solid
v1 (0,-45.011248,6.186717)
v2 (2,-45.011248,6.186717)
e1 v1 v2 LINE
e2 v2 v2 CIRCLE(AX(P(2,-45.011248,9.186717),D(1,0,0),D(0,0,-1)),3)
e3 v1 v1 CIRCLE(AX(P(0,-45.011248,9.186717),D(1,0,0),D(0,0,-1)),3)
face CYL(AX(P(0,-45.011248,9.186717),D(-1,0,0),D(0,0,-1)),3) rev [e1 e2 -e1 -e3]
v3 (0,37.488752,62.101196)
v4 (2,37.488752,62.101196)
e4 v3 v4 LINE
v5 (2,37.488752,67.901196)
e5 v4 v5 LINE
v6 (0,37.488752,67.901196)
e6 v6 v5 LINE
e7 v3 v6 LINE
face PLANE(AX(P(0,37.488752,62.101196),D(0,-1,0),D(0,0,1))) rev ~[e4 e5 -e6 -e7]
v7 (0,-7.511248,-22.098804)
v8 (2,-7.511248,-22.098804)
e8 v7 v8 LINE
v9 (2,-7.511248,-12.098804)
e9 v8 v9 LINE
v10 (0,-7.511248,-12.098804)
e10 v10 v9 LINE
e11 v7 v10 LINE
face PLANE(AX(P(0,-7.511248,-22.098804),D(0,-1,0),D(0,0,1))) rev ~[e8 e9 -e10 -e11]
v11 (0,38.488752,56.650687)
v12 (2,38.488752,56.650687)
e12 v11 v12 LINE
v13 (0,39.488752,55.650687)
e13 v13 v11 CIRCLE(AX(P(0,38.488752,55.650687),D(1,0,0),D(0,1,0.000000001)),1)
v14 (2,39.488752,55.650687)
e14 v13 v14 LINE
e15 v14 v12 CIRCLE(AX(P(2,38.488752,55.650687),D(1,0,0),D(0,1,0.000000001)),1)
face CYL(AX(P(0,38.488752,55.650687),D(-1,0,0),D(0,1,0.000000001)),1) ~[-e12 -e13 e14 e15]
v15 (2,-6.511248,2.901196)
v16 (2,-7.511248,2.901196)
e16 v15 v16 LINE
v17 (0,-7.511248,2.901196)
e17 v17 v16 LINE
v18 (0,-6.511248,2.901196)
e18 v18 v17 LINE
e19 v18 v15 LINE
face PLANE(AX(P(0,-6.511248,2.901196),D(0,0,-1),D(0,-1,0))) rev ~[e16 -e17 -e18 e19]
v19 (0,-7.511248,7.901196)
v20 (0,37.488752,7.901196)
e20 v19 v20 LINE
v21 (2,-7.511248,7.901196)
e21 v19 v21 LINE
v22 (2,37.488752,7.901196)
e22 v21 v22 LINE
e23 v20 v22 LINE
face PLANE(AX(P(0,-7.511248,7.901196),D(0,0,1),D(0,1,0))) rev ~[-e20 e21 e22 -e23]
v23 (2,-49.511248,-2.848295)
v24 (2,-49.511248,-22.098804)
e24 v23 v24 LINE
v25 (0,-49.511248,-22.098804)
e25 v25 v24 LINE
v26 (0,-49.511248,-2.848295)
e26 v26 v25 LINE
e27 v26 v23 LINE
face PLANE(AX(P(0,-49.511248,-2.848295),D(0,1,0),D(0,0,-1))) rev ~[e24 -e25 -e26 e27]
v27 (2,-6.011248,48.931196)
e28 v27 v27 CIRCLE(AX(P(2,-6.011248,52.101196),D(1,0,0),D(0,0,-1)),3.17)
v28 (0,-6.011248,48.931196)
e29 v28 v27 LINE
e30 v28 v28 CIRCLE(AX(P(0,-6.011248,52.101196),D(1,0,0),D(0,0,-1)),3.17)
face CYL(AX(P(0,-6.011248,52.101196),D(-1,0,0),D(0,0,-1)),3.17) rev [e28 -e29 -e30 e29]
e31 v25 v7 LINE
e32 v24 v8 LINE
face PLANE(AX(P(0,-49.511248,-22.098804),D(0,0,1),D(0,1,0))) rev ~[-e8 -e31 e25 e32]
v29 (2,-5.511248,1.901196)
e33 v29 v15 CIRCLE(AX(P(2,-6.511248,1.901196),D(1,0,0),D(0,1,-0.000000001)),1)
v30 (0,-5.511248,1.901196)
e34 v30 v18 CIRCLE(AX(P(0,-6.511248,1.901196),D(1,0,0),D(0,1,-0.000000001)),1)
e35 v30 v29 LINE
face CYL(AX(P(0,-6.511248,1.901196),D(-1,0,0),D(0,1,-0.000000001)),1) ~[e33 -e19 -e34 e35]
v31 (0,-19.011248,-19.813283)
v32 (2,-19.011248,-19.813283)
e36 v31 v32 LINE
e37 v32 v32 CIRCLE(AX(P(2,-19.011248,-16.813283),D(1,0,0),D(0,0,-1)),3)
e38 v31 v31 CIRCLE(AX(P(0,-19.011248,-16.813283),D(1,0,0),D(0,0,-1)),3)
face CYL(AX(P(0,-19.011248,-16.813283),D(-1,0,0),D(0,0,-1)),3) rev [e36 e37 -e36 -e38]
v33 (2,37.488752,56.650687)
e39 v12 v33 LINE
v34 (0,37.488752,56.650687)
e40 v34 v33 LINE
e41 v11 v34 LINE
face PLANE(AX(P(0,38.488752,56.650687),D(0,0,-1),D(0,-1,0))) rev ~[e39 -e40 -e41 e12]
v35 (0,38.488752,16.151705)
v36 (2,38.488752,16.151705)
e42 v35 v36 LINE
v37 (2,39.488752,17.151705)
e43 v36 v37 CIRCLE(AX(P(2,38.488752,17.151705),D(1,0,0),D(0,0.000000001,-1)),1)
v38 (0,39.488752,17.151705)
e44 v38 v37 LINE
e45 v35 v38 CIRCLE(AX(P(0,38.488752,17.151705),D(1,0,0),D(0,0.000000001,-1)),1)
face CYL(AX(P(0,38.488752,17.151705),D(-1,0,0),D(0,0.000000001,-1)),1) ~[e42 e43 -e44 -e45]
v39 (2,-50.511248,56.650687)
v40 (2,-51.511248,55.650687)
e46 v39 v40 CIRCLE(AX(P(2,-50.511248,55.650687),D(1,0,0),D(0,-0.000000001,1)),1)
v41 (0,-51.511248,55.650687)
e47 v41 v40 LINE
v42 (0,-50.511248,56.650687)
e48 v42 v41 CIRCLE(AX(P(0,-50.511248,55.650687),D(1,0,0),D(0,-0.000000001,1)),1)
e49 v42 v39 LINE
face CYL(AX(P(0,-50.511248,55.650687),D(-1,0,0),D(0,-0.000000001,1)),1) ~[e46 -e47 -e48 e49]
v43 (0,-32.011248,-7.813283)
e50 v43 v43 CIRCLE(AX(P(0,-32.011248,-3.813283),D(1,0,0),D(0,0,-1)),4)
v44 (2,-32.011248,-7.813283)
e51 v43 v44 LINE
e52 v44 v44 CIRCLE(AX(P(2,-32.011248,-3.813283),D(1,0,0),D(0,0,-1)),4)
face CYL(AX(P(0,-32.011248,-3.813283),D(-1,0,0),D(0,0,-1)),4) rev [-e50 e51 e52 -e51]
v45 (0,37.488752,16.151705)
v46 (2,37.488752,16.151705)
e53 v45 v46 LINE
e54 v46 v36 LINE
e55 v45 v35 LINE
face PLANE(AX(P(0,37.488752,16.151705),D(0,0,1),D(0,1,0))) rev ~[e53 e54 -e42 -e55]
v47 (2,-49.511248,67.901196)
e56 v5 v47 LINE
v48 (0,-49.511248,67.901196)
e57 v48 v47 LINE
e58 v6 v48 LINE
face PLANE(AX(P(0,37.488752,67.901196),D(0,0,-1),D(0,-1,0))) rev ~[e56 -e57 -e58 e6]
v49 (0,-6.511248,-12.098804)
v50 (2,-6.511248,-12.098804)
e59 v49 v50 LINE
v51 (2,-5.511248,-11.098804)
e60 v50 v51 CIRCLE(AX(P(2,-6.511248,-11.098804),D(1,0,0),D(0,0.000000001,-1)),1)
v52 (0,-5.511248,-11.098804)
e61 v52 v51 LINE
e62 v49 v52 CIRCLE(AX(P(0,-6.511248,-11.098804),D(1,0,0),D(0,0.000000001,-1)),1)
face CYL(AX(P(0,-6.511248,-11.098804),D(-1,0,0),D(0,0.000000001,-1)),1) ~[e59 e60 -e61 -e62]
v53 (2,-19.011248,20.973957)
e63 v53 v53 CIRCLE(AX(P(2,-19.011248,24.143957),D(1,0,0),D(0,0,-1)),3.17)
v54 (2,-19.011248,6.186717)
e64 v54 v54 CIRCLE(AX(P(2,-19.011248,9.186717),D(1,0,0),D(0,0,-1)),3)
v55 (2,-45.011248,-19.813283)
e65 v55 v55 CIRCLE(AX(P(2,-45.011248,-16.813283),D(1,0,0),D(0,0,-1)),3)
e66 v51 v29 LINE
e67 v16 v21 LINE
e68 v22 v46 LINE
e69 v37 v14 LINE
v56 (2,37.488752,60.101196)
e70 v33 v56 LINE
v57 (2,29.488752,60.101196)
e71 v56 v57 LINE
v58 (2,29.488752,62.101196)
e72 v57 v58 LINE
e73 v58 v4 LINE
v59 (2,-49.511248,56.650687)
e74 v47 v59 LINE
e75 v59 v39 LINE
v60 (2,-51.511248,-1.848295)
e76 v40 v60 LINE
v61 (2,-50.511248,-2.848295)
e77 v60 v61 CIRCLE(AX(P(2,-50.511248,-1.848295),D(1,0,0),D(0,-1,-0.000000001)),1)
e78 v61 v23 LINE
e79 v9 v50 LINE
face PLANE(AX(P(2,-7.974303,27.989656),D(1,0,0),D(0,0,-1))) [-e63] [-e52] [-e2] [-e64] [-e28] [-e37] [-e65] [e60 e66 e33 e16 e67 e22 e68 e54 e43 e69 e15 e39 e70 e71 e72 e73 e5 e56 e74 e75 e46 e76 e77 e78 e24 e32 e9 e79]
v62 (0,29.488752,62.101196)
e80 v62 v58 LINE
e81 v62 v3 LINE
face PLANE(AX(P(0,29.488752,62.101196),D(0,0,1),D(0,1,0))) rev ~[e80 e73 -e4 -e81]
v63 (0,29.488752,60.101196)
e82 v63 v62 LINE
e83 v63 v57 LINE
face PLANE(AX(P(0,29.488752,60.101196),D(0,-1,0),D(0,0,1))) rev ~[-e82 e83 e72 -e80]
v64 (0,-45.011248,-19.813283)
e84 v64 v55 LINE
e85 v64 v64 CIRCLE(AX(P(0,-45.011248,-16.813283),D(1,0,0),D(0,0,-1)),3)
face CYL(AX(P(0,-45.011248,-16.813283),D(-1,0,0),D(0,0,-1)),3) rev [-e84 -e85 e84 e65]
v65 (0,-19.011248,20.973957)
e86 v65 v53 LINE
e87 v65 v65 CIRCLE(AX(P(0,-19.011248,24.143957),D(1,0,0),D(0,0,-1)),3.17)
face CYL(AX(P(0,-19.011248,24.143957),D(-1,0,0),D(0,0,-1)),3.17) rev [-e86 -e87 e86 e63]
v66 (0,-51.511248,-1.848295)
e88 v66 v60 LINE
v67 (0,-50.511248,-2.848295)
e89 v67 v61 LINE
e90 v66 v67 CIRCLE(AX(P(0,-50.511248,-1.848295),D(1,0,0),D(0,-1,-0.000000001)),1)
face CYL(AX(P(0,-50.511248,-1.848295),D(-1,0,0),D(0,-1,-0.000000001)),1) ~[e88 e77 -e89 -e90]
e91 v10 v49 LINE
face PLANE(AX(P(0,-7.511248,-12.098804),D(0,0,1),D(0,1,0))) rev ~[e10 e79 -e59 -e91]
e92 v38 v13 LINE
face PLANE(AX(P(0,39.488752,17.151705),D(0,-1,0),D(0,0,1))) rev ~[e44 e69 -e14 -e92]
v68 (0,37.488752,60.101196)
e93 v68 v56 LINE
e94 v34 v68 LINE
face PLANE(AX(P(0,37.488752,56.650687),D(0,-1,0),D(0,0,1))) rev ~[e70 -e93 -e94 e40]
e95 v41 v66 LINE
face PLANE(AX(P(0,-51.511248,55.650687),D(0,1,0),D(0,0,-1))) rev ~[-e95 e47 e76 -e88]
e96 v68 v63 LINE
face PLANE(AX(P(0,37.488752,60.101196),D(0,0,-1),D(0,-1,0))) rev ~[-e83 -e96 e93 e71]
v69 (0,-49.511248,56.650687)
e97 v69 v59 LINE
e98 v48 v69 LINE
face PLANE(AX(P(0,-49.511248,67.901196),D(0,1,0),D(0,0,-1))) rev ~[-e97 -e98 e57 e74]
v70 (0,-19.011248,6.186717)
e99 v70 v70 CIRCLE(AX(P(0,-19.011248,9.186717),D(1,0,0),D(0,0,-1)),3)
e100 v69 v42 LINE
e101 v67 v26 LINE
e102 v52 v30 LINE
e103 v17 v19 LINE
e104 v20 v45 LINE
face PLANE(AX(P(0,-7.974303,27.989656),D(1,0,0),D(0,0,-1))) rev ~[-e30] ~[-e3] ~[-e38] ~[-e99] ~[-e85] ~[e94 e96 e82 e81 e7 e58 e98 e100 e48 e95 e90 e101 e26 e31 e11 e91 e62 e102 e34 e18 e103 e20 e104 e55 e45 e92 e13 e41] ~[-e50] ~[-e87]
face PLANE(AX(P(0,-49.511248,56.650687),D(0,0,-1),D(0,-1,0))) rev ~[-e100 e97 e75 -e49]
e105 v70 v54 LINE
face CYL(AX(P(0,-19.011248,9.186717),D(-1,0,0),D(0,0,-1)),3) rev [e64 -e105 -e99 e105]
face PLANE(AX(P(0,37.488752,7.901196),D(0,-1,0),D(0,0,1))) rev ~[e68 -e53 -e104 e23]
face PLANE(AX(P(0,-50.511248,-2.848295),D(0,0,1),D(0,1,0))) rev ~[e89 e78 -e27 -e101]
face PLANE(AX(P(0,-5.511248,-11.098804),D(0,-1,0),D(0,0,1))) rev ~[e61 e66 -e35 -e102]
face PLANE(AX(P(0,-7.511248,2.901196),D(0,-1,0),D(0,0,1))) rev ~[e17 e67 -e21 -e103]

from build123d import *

# Parameters (mm, degrees)
SKETCH1_R           = 4
SKETCH1_R_2         = 3
SKETCH1_R_3         = 3.17
BOSS_EXTRUDE1_DEPTH = 2


with BuildPart() as part:
    # Sketch1 → Boss-Extrude1 (new body)
    with BuildSketch(Plane(origin=(0, 0, 0), x_dir=(0, 0, -1), z_dir=(1, 0, 0))):
        with BuildLine():
            Line((22.098803657, -49.511248032), (22.098803657, -7.511248032))
            Line((22.098803657, -7.511248032), (12.098803657, -7.511248032))
            Line((12.098803657, -7.511248032), (12.098803657, -6.511248032))
            ThreePointArc((12.098803657, -6.511248032), (11.805910438, -5.804141251), (11.098803657, -5.511248032))
            Line((11.098803657, -5.511248032), (-1.901196343, -5.511248032))
            ThreePointArc((-1.901196343, -5.511248032), (-2.608303125, -5.804141251), (-2.901196343, -6.511248032))
            Line((-2.901196343, -6.511248032), (-2.901196343, -7.511248032))
            Line((-2.901196343, -7.511248032), (-7.901196343, -7.511248032))
            Line((-7.901196343, -7.511248032), (-7.901196343, 37.488751968))
            Line((-7.901196343, 37.488751968), (-16.151705215, 37.488751968))
            Line((-16.151705215, 37.488751968), (-16.151705215, 38.488751968))
            ThreePointArc((-16.151705215, 38.488751968), (-16.444598434, 39.195858749), (-17.151705215, 39.488751968))
            Line((-17.151705215, 39.488751968), (-55.650687472, 39.488751968))
            ThreePointArc((-55.650687472, 39.488751968), (-56.357794253, 39.195858749), (-56.650687472, 38.488751968))
            Line((-56.650687472, 38.488751968), (-56.650687472, 37.488751968))
            Line((-56.650687472, 37.488751968), (-60.101196343, 37.488751968))
            Line((-60.101196343, 37.488751968), (-60.101196343, 29.488751968))
            Line((-60.101196343, 29.488751968), (-62.101196343, 29.488751968))
            Line((-62.101196343, 29.488751968), (-62.101196343, 37.488751968))
            Line((-62.101196343, 37.488751968), (-67.901196343, 37.488751968))
            Line((-67.901196343, 37.488751968), (-67.901196343, -49.511248032))
            Line((-67.901196343, -49.511248032), (-56.650687472, -49.511248032))
            Line((-56.650687472, -49.511248032), (-56.650687472, -50.511248032))
            ThreePointArc((-56.650687472, -50.511248032), (-56.357794253, -51.218354813), (-55.650687472, -51.511248032))
            Line((-55.650687472, -51.511248032), (1.848294785, -51.511248032))
            ThreePointArc((1.848294785, -51.511248032), (2.555401566, -51.218354813), (2.848294785, -50.511248032))
            Line((2.848294785, -50.511248032), (2.848294785, -49.511248032))
            Line((2.848294785, -49.511248032), (22.098803657, -49.511248032))
        make_face()
        with Locations((3.81328303, -32.011248032)):
            Circle(SKETCH1_R, mode=Mode.SUBTRACT)
        with Locations((-9.18671697, -19.011248032)):
            Circle(SKETCH1_R_2, mode=Mode.SUBTRACT)
        with Locations((16.81328303, -19.011248032)):
            Circle(SKETCH1_R_2, mode=Mode.SUBTRACT)
        with Locations((16.81328303, -45.011248032)):
            Circle(SKETCH1_R_2, mode=Mode.SUBTRACT)
        with Locations((-9.18671697, -45.011248032)):
            Circle(SKETCH1_R_2, mode=Mode.SUBTRACT)
        with Locations((-52.101196343, -6.011248032)):
            Circle(SKETCH1_R_3, mode=Mode.SUBTRACT)
        with Locations((-24.143956657, -19.011248032)):
            Circle(SKETCH1_R_3, mode=Mode.SUBTRACT)
    extrude(amount=BOSS_EXTRUDE1_DEPTH)


solid = part.part
